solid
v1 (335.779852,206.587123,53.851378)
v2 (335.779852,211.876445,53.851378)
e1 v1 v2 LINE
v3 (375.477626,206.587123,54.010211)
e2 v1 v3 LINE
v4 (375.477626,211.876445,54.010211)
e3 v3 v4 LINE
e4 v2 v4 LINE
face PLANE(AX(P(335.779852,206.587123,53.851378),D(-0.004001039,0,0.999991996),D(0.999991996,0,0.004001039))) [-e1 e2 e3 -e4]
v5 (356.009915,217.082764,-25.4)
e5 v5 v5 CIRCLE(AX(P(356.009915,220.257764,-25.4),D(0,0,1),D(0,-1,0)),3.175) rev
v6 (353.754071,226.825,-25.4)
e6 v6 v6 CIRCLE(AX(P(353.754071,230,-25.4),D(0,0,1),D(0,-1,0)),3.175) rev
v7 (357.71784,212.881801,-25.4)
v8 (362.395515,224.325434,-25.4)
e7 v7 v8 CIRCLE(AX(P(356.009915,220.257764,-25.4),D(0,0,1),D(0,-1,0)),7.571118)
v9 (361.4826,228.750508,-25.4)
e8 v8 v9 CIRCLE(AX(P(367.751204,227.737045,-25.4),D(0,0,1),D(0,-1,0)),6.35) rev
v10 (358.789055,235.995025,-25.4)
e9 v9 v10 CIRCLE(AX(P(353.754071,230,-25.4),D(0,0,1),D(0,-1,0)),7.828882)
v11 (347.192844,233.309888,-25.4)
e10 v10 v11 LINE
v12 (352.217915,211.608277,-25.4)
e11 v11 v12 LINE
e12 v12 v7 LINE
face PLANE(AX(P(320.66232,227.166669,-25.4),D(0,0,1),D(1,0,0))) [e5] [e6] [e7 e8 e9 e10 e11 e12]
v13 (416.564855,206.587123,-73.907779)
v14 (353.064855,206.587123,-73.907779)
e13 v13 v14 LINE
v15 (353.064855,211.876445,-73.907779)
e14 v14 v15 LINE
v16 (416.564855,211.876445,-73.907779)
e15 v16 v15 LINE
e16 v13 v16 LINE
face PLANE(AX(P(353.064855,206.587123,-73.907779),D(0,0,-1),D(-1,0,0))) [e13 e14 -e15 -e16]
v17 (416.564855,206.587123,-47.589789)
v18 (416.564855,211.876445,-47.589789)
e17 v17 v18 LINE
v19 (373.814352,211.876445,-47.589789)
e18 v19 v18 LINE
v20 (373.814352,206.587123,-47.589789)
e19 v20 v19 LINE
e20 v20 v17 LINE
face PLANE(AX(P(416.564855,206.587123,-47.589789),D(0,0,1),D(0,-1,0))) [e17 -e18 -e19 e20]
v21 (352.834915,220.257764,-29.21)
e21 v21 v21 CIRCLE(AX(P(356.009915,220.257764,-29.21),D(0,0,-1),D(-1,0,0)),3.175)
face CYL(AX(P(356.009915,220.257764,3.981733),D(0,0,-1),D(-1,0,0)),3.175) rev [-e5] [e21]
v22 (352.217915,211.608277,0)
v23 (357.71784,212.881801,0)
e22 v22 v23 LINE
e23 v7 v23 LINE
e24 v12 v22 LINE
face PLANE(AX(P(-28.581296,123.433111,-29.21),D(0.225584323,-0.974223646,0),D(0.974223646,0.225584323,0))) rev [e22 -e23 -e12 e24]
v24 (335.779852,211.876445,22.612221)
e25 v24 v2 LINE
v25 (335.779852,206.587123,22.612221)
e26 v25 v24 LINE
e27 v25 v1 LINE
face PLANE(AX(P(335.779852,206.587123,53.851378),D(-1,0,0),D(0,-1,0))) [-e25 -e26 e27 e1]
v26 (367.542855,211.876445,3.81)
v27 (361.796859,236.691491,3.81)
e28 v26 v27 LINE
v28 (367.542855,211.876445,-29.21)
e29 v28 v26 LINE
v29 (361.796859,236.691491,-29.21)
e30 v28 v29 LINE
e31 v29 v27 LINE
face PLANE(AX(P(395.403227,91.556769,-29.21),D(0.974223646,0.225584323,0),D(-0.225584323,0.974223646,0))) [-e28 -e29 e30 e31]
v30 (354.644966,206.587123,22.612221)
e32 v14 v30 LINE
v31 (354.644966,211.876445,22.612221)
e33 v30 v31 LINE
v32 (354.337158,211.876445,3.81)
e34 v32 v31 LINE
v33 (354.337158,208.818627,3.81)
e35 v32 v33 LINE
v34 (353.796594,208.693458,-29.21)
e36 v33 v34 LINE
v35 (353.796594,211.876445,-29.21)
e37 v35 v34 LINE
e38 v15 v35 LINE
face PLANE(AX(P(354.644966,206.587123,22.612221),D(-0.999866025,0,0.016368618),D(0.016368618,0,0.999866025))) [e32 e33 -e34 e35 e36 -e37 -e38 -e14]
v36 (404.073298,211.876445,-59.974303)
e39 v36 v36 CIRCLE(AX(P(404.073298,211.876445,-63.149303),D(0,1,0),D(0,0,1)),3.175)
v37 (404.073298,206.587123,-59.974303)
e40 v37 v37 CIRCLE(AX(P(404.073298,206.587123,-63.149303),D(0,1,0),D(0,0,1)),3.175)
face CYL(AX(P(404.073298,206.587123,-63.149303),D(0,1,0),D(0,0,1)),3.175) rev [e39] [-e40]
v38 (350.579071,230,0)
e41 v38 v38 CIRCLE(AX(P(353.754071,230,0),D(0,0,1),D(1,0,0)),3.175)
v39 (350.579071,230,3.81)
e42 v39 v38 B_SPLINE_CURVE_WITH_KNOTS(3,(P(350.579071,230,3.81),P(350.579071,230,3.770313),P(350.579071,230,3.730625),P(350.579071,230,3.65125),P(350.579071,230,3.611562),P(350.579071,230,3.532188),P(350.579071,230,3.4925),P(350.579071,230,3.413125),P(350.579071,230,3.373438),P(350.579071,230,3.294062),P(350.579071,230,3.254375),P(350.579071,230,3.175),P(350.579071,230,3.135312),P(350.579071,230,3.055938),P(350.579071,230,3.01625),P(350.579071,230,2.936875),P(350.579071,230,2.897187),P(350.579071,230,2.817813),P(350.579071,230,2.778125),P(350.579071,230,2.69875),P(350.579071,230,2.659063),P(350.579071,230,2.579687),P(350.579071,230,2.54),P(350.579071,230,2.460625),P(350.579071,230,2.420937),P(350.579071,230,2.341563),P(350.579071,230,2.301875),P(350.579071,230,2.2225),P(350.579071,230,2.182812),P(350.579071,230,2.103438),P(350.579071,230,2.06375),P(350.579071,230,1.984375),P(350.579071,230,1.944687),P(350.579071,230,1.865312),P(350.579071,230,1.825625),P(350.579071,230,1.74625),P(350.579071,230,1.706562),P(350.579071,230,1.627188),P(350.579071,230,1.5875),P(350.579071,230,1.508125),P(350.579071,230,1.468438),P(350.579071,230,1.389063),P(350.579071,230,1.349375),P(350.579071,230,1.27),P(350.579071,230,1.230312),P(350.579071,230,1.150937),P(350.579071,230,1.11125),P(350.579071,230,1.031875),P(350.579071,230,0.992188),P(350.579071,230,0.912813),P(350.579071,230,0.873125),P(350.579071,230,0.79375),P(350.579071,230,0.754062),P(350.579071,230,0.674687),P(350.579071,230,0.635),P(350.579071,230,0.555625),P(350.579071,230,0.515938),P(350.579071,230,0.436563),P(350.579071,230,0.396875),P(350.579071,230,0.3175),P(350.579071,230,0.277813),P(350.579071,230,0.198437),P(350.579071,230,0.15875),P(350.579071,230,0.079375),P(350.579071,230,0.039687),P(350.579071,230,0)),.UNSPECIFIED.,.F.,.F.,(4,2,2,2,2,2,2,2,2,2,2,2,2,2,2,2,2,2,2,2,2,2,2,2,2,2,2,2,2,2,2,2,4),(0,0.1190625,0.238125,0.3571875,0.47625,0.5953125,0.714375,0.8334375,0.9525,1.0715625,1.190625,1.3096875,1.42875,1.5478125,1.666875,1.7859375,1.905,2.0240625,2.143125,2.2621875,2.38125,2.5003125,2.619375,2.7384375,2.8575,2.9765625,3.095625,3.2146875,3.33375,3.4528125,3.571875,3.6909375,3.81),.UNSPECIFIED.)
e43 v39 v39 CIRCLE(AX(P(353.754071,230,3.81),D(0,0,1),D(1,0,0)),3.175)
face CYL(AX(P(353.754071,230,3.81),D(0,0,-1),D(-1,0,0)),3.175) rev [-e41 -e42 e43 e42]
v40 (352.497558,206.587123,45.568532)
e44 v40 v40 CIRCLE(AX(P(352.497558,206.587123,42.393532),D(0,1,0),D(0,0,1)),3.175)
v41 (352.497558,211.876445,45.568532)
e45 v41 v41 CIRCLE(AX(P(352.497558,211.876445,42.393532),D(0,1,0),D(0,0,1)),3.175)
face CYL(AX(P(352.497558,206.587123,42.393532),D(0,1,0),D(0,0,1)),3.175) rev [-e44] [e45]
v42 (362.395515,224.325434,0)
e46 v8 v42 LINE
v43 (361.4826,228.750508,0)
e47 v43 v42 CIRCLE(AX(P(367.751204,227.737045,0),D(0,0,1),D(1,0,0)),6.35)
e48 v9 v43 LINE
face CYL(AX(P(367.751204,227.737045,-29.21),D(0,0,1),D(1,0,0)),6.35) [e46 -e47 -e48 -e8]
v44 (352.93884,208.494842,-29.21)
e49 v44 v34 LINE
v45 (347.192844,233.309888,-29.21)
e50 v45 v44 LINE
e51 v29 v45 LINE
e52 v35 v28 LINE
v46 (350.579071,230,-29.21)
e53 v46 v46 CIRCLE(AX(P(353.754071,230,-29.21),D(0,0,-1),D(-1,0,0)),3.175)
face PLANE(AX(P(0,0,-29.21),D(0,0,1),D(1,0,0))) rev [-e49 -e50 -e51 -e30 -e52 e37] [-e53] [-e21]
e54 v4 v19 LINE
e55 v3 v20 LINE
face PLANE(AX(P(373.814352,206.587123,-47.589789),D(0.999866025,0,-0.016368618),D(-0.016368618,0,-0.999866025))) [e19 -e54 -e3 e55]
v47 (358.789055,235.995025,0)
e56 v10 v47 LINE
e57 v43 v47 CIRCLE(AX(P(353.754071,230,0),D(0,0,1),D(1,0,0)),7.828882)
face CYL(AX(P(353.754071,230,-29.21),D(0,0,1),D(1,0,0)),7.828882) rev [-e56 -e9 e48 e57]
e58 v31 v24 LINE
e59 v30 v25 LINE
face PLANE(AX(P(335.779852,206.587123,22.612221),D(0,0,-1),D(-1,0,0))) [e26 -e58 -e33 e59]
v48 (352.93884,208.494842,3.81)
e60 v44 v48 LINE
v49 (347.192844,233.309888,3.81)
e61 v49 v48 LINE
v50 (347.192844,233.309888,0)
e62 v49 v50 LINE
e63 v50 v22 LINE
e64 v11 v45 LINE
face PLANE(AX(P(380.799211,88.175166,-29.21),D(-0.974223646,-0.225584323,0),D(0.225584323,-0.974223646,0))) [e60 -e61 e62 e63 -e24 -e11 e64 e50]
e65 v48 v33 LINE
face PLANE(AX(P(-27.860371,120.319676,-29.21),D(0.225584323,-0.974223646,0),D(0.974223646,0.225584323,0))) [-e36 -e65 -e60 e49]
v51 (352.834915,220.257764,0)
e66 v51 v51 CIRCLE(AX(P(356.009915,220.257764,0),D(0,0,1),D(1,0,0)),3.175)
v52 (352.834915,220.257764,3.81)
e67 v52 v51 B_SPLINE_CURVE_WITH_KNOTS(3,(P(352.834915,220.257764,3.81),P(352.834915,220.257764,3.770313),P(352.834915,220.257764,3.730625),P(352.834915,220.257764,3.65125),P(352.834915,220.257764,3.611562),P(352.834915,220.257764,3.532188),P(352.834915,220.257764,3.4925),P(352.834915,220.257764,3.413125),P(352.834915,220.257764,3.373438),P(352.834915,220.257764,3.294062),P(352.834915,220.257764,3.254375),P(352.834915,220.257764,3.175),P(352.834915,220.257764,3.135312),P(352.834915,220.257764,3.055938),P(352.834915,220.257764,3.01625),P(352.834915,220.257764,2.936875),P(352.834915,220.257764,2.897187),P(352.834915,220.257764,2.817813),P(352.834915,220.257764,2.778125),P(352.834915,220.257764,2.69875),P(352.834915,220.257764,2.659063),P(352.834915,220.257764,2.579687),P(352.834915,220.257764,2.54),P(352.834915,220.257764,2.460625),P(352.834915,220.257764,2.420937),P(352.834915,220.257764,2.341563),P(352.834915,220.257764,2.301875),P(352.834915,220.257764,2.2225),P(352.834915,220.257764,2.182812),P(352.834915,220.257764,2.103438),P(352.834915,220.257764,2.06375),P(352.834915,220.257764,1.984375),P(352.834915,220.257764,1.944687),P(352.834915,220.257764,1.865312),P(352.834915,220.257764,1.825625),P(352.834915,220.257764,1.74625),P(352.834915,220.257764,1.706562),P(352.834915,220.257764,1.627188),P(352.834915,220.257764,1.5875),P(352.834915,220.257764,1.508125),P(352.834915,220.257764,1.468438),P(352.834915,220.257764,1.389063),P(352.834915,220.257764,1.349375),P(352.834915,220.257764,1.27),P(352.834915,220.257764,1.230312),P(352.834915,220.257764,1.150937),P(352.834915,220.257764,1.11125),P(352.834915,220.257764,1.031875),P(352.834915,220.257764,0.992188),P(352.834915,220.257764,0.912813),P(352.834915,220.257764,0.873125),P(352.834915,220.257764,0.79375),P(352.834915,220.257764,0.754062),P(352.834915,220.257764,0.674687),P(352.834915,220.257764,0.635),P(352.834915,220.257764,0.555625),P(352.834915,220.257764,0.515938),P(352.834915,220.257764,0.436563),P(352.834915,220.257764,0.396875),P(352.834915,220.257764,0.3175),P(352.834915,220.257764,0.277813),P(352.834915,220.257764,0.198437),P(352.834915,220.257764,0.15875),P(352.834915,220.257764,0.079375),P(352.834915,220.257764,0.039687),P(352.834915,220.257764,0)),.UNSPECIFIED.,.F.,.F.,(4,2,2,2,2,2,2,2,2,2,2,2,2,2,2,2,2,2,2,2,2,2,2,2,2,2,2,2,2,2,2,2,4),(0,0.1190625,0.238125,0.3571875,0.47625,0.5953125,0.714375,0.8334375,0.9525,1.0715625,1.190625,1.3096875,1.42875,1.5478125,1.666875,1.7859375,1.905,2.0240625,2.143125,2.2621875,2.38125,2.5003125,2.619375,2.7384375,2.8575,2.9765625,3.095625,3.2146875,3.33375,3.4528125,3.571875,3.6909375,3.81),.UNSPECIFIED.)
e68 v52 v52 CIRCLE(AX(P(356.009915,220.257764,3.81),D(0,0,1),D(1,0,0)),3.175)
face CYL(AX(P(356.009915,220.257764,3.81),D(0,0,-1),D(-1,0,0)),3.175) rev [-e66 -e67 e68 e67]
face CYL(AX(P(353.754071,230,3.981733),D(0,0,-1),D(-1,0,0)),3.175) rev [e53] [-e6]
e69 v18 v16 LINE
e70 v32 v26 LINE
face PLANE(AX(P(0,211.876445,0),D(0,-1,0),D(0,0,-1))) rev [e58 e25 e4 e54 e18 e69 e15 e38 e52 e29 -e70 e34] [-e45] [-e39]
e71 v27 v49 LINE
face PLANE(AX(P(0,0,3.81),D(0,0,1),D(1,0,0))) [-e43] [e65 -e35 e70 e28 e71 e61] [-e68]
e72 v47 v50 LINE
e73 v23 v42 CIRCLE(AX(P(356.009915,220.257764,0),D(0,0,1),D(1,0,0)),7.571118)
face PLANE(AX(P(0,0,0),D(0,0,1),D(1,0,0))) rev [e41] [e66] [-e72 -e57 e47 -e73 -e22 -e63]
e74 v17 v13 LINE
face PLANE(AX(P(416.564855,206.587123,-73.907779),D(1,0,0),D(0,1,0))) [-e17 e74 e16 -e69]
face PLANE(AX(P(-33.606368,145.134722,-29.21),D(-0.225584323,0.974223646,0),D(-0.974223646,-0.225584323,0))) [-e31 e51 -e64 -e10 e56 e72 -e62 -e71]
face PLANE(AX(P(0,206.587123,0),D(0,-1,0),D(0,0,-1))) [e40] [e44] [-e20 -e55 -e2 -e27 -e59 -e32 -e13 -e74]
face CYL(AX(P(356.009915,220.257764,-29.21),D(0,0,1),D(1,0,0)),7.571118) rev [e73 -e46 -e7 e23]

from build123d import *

# Parameters (mm, degrees)
BOSS_EXTRUDE1_DEPTH = 29.21
BOSS_EXTRUDE2_START = -3.81
SKETCH2_R           = 3.175
BOSS_EXTRUDE2_DEPTH = 3.81
BOSS_EXTRUDE3_START = 3.81
SKETCH3_R           = 3.175
BOSS_EXTRUDE3_DEPTH = 3.81
SKETCH5_R           = 3.175
BOSS_EXTRUDE4_DEPTH = 5.2893214


with BuildPart() as part:
    # Sketch1 → Boss-Extrude1 (new body)
    with BuildSketch(Plane.XY):
        with BuildLine():
            Line((357.71784023, 212.881801123), (352.217914789, 211.608277369))
            Line((352.217914789, 211.608277369), (352.938839753, 208.494842277))
            Line((352.938839753, 208.494842277), (367.542855209, 211.876444589))
            Line((367.542855209, 211.876444589), (361.796858989, 236.691490786))
            Line((361.796858989, 236.691490786), (358.789055407, 235.995025106))
            ThreePointArc((358.789055407, 235.995025106), (361.092162023, 232.728335773), (361.482600287, 228.750507566))
            ThreePointArc((361.482600287, 228.750507566), (361.532171417, 226.454028373), (362.395514522, 224.325434315))
            ThreePointArc((362.395514522, 224.325434315), (363.554671569, 220.88901177), (362.982664296, 217.307747657))
            ThreePointArc((362.982664296, 217.307747657), (360.881852793, 214.462416261), (357.71784023, 212.881801123))
        make_face()
    extrude(amount=-BOSS_EXTRUDE1_DEPTH)

    # Sketch2 → Boss-Extrude2 (add)
    with BuildSketch(Plane(origin=(0, 0, -29.21), x_dir=(-1, 0, 0), z_dir=(0, 0, -1)).offset(BOSS_EXTRUDE2_START)):
        with BuildLine():
            Line((-347.192843533, 233.309888473), (-352.217914789, 211.608277369))
            Line((-352.217914789, 211.608277369), (-357.71784023, 212.881801123))
            ThreePointArc((-357.71784023, 212.881801123), (-363.018157919, 217.393089456), (-362.395514522, 224.325434315))
            ThreePointArc((-362.395514522, 224.325434315), (-361.532171417, 226.454028373), (-361.482600287, 228.750507566))
            ThreePointArc((-361.482600287, 228.750507566), (-361.092162023, 232.728335773), (-358.789055407, 235.995025106))
            Line((-358.789055407, 235.995025106), (-347.192843533, 233.309888473))
        make_face()
        with Locations((-356.009914651, 220.257763535)):
            Circle(SKETCH2_R, mode=Mode.SUBTRACT)
        with Locations((-353.754071424, 230)):
            Circle(SKETCH2_R, mode=Mode.SUBTRACT)
    extrude(amount=BOSS_EXTRUDE2_DEPTH)

    # Sketch3 → Boss-Extrude3 (add)
    # profile 1 of 2: a face of its own
    with BuildSketch(Plane.XY.offset(BOSS_EXTRUDE3_START)):
        with BuildLine():
            Line((358.789055407, 235.995025106), (347.192843533, 233.309888473))
            Line((347.192843533, 233.309888473), (352.217914789, 211.608277369))
            Line((352.217914789, 211.608277369), (357.71784023, 212.881801123))
            ThreePointArc((357.71784023, 212.881801123), (363.018157919, 217.393089456), (362.395514522, 224.325434315))
            ThreePointArc((362.395514522, 224.325434315), (361.532171417, 226.454028373), (361.482600287, 228.750507566))
            ThreePointArc((361.482600287, 228.750507566), (361.092162023, 232.728335773), (358.789055407, 235.995025106))
        make_face()
        with Locations(Location((356.009914651, 220.257763535, 0), (0, 0, 180))):
            Circle(SKETCH3_R, mode=Mode.SUBTRACT)
        with Locations(Location((353.754071424, 230, 0), (0, 0, 180))):
            Circle(SKETCH3_R, mode=Mode.SUBTRACT)
    # profile 2 of 2: a face of its own
    with BuildSketch(Plane.XY.offset(BOSS_EXTRUDE3_START)):
        with BuildLine():
            ThreePointArc((361.482600287, 228.750507566), (361.532171417, 226.454028373), (362.395514522, 224.325434315))
            ThreePointArc((362.395514522, 224.325434315), (363.018157919, 217.393089456), (357.71784023, 212.881801123))
            Line((357.71784023, 212.881801123), (352.217914789, 211.608277369))
            Line((352.217914789, 211.608277369), (352.938839753, 208.494842277))
            Line((352.938839753, 208.494842277), (367.542855209, 211.876444589))
            Line((367.542855209, 211.876444589), (361.796858989, 236.691490786))
            Line((361.796858989, 236.691490786), (358.789055407, 235.995025106))
            ThreePointArc((358.789055407, 235.995025106), (361.092162023, 232.728335773), (361.482600287, 228.750507566))
        make_face()
    extrude(amount=-BOSS_EXTRUDE3_DEPTH)

    # Sketch5 → Boss-Extrude4 (add)
    with BuildSketch(Plane(origin=(0, 211.876444589, 0), x_dir=(1, 0, 0), z_dir=(0, 1, 0))):
        Polygon((353.064855209, 73.907779308), (416.564855209, 73.907779308), (416.564855209, 47.589788729), (373.814351909, 47.589788729), (375.477626365, -54.010211271), (335.779852437, -53.851377651), (335.779852437, -22.612220692), (354.644965943, -22.612220692), align=None)
        with Locations(Location((404.073297936, 63.14930327, 0), (0, 0, 270))):
            Circle(SKETCH5_R, mode=Mode.SUBTRACT)
        with Locations(Location((352.49755845, -42.393532045, 0), (0, 0, 270))):
            Circle(SKETCH5_R, mode=Mode.SUBTRACT)
    extrude(amount=-BOSS_EXTRUDE4_DEPTH)


solid = part.part
